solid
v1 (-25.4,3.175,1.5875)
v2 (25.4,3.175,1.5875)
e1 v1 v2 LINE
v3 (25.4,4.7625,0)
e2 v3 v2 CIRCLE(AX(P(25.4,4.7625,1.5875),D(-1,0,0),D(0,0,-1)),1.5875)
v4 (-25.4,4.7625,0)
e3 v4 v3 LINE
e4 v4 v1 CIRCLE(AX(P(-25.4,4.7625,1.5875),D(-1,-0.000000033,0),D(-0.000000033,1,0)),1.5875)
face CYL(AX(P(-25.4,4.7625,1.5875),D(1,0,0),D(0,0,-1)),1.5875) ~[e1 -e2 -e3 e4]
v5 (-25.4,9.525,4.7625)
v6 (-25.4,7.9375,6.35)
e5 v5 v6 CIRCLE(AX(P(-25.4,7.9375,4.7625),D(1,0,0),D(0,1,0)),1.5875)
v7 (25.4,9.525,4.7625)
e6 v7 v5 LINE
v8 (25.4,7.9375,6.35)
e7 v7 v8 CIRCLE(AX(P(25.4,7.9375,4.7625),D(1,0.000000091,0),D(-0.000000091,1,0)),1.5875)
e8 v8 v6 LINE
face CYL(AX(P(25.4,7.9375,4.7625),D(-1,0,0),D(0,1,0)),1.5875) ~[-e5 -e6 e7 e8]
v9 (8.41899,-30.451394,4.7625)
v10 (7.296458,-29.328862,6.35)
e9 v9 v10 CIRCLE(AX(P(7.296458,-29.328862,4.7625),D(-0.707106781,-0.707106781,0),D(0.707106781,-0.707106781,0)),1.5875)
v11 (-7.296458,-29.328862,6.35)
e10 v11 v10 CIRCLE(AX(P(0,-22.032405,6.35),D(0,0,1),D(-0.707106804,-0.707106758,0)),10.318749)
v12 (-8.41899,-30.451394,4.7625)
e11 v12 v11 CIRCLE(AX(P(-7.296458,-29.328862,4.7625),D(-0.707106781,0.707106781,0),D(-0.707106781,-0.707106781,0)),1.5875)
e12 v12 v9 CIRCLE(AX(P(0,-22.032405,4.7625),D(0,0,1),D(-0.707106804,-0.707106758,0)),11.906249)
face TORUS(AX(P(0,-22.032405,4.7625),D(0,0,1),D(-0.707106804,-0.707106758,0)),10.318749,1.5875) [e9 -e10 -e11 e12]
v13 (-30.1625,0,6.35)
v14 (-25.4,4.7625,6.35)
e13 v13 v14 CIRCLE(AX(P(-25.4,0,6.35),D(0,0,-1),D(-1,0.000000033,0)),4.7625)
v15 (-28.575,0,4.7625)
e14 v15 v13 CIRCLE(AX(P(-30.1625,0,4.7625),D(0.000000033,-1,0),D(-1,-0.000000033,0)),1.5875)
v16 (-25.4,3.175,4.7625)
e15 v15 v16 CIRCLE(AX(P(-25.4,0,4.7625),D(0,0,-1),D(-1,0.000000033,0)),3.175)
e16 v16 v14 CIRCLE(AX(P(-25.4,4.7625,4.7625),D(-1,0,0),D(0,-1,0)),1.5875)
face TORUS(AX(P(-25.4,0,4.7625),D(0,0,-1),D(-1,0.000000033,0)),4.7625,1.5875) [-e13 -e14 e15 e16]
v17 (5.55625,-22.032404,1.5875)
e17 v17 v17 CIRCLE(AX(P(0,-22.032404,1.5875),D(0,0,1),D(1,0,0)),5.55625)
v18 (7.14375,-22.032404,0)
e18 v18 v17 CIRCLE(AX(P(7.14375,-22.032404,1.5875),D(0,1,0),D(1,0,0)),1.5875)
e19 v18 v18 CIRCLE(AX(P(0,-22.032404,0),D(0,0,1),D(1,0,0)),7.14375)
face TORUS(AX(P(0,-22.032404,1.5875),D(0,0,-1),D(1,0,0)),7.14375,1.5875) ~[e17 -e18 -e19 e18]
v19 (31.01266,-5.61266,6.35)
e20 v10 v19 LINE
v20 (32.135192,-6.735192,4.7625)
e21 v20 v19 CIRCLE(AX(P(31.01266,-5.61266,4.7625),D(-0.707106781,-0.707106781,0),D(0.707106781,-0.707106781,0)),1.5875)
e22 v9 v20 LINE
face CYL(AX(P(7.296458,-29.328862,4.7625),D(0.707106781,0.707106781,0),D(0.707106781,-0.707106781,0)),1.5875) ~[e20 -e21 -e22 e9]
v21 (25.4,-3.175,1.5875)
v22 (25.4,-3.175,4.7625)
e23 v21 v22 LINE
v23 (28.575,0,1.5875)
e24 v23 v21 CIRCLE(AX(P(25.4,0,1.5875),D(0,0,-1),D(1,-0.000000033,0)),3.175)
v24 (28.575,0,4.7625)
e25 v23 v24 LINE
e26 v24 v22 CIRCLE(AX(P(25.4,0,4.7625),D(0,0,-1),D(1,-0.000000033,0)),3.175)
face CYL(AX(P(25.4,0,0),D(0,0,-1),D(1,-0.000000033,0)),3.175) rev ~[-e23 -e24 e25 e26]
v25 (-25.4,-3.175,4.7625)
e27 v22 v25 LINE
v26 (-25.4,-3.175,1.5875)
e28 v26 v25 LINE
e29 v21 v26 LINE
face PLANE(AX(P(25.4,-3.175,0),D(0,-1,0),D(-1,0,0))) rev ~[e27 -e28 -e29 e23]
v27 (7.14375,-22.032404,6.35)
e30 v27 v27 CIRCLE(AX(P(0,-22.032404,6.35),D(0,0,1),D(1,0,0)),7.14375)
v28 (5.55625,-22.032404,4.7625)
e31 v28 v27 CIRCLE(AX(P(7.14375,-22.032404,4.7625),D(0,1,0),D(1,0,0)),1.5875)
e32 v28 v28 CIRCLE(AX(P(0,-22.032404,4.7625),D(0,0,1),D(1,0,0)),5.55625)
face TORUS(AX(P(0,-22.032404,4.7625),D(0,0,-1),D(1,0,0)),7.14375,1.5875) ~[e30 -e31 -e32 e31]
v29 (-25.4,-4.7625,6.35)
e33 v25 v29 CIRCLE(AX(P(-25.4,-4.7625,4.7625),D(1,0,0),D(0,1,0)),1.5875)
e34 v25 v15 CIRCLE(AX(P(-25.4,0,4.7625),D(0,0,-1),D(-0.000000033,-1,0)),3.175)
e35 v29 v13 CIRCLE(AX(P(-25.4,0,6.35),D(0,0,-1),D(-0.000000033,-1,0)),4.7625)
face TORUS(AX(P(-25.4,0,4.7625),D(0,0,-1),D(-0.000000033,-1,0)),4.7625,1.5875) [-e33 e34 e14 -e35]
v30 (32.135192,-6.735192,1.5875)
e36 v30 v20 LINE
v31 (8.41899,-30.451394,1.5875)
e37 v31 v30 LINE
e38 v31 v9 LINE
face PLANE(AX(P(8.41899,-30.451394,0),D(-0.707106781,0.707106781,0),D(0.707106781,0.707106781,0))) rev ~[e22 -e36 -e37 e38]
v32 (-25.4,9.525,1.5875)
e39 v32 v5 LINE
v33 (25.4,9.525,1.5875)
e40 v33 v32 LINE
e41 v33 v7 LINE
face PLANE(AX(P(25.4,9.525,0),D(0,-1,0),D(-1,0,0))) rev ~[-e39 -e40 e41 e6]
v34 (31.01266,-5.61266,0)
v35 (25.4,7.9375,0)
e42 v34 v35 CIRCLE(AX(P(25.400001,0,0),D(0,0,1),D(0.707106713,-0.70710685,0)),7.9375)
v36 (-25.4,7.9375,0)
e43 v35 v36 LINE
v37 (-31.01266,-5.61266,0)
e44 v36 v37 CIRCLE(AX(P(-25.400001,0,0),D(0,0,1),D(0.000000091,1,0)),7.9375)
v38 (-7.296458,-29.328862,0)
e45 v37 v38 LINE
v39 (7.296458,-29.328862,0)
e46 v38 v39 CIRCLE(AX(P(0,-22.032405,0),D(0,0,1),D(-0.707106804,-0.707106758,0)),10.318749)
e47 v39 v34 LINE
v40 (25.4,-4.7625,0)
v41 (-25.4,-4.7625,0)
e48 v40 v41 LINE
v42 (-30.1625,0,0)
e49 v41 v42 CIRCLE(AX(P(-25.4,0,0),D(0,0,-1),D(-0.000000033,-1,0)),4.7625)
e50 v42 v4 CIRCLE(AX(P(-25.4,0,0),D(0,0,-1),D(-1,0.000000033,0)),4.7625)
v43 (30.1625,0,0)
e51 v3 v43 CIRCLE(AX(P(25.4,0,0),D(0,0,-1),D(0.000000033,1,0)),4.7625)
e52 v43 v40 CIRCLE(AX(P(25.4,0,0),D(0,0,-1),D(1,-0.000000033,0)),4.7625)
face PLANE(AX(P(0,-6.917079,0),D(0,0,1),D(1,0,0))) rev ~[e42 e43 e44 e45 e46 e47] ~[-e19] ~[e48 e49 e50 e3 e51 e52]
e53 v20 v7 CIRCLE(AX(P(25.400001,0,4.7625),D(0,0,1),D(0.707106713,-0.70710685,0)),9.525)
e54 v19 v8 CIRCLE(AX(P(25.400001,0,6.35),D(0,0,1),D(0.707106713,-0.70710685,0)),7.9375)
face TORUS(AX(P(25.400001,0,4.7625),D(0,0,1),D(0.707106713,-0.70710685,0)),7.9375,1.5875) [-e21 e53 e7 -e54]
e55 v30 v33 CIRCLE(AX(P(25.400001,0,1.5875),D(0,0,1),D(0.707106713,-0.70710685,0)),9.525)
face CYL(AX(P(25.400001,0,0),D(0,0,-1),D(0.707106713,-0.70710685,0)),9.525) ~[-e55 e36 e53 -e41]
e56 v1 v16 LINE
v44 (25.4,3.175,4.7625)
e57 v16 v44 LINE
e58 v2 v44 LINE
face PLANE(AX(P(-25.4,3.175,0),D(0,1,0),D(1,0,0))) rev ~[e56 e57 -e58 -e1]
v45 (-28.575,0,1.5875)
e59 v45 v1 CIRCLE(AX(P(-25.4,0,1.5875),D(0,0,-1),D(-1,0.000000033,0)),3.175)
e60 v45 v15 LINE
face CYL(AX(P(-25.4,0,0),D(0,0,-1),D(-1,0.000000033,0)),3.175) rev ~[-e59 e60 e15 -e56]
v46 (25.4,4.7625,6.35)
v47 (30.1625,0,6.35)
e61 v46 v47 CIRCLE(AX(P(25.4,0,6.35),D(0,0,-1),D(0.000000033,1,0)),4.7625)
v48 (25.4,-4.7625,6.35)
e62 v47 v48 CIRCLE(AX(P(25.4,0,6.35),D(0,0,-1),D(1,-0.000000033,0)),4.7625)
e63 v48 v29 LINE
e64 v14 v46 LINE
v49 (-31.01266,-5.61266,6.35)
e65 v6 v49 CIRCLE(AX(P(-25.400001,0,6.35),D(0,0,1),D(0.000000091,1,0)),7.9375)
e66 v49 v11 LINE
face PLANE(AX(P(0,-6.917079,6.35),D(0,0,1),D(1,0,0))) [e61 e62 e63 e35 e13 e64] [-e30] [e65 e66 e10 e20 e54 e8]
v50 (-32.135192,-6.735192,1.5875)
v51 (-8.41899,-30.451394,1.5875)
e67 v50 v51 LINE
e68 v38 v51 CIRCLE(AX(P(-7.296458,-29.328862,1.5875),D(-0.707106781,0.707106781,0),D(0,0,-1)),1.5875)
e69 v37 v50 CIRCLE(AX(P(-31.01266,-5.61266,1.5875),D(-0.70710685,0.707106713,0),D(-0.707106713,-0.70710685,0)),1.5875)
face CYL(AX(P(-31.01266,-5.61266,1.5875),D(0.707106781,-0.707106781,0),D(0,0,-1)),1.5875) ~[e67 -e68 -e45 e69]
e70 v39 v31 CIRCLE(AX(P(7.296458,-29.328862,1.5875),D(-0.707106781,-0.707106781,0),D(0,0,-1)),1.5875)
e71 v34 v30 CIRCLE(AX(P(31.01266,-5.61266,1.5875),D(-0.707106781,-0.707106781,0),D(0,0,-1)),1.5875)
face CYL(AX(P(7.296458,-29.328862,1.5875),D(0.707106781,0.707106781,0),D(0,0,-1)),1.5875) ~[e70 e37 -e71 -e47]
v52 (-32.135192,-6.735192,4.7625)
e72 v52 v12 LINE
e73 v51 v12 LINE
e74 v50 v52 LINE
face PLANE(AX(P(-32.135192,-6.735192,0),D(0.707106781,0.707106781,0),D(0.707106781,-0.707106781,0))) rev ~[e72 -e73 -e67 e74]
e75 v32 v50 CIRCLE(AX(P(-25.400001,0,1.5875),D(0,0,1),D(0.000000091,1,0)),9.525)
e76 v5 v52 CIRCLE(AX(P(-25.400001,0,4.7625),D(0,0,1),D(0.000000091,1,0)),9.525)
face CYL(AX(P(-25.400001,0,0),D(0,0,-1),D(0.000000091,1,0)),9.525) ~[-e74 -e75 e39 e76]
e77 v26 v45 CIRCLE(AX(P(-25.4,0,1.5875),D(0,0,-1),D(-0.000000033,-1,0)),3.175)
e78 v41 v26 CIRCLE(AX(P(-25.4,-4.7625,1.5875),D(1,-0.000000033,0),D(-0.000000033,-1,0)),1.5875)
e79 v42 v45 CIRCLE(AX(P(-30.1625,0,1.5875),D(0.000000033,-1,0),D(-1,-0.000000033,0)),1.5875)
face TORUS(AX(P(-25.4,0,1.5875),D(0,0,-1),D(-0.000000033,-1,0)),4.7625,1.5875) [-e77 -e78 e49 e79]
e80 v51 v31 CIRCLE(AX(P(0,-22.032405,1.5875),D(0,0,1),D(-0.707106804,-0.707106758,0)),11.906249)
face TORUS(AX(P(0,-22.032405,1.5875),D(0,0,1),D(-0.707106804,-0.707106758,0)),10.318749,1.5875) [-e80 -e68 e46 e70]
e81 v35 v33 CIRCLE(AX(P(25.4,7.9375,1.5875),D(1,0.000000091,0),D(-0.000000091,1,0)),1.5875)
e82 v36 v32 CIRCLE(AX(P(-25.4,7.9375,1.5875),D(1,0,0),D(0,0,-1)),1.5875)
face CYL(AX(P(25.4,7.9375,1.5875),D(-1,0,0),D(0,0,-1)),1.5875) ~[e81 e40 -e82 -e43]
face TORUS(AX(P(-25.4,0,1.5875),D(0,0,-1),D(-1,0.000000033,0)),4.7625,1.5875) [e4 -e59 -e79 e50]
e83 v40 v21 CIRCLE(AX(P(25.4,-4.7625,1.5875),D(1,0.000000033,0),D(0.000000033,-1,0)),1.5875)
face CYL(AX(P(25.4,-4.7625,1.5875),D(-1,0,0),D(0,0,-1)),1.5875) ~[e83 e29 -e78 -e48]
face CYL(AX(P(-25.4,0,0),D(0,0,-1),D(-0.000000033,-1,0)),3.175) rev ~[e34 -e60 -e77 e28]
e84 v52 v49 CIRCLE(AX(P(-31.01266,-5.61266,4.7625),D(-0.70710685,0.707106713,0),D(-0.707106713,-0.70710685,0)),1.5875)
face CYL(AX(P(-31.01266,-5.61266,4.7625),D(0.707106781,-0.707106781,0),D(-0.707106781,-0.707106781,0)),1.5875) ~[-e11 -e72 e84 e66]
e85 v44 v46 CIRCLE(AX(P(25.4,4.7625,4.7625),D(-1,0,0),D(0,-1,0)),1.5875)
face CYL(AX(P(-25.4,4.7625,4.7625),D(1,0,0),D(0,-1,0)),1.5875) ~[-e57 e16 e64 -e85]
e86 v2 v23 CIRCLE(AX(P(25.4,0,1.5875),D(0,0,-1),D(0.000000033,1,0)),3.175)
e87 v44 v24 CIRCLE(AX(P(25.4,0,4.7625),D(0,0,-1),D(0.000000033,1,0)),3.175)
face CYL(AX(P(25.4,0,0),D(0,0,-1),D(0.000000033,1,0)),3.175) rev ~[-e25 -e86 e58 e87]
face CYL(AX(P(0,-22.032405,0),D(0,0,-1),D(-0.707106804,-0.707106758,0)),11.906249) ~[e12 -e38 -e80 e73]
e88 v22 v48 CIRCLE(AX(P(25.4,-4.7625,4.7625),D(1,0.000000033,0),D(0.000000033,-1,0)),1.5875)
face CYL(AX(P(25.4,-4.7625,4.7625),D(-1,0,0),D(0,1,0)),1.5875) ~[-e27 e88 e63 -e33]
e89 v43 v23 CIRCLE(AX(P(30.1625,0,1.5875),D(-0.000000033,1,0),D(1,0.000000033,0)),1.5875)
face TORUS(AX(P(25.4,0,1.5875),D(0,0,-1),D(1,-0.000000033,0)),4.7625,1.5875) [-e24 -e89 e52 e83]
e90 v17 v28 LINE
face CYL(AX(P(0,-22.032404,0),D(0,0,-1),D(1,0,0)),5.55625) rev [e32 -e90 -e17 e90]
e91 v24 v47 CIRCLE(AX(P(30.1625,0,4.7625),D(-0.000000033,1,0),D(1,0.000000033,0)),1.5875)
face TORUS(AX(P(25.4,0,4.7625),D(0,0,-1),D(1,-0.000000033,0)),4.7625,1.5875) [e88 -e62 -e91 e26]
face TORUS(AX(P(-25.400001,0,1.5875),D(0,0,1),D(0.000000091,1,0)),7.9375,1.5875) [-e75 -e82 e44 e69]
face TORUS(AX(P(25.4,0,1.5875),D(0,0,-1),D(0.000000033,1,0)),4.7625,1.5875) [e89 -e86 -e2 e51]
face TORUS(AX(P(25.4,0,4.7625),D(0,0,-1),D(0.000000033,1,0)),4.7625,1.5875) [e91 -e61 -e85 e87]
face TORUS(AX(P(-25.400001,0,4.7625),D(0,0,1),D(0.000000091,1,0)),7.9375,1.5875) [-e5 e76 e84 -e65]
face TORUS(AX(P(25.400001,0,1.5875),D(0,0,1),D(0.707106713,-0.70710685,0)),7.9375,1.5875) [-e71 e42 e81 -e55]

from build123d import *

# Parameters (mm, degrees)
F0_R     = 5.55625
F1_DEPTH = 6.35
F2_R     = 1.5875
F3_R     = 1.5875


with BuildPart() as f1:
    # F0 (on Top) → F1 (new body)
    with BuildSketch(Plane.XY):
        with BuildLine():
            Line((25.4, 9.525), (-25.4, 9.525))
            ThreePointArc((-25.4, 9.525), (-34.199953, 3.64506), (-32.135192, -6.735192))
            Line((-32.135192, -6.735192), (-8.41899, -30.451394))
            ThreePointArc((-8.41899, -30.451394), (0, -33.938654), (8.41899, -30.451394))
            Line((8.41899, -30.451394), (32.135192, -6.735192))
            ThreePointArc((32.135192, -6.735192), (34.199953, 3.64506), (25.4, 9.525))
        make_face()
        with Locations((0, -22.032404)):
            Circle(F0_R, mode=Mode.SUBTRACT)
        with BuildLine():
            ThreePointArc((-28.575, 0), (-27.645064, 2.245064), (-25.4, 3.175))
            Line((-25.4, 3.175), (25.4, 3.175))
            ThreePointArc((25.4, 3.175), (27.645064, 2.245064), (28.575, 0))
            ThreePointArc((28.575, 0), (27.645064, -2.245064), (25.4, -3.175))
            Line((25.4, -3.175), (-25.4, -3.175))
            ThreePointArc((-25.4, -3.175), (-27.645064, -2.245064), (-28.575, 0))
        make_face(mode=Mode.SUBTRACT)
    extrude(amount=F1_DEPTH)

    # F2
    f2_edges = [f1.edges().sort_by_distance(p)[0] for p in [
        (20.277091, -18.593293, 6.35),
        (34.199953, 3.64506, 6.35),
        (0, 9.525, 6.35),
        (-34.199953, 3.64506, 6.35),
        (-20.277091, -18.593293, 6.35),
        (0, -33.938654, 6.35),
        (-5.55625, -22.032404, 6.35),
        (-28.575, 0, 6.35),
        (0, 3.175, 6.35),
        (28.575, 0, 6.35),
        (0, -3.175, 6.35),
    ]]
    fillet(f2_edges, radius=F2_R)

    # F3
    f3_edges = [f1.edges().sort_by_distance(p)[0] for p in [
        (20.277091, -18.593293, 0),
        (34.199953, 3.64506, 0),
        (0, 9.525, 0),
        (-34.199953, 3.64506, 0),
        (-20.277091, -18.593293, 0),
        (0, -33.938654, 0),
        (-5.55625, -22.032404, 0),
        (-28.575, 0, 0),
        (0, 3.175, 0),
        (28.575, 0, 0),
        (0, -3.175, 0),
    ]]
    fillet(f3_edges, radius=F3_R)


solid = f1.part
